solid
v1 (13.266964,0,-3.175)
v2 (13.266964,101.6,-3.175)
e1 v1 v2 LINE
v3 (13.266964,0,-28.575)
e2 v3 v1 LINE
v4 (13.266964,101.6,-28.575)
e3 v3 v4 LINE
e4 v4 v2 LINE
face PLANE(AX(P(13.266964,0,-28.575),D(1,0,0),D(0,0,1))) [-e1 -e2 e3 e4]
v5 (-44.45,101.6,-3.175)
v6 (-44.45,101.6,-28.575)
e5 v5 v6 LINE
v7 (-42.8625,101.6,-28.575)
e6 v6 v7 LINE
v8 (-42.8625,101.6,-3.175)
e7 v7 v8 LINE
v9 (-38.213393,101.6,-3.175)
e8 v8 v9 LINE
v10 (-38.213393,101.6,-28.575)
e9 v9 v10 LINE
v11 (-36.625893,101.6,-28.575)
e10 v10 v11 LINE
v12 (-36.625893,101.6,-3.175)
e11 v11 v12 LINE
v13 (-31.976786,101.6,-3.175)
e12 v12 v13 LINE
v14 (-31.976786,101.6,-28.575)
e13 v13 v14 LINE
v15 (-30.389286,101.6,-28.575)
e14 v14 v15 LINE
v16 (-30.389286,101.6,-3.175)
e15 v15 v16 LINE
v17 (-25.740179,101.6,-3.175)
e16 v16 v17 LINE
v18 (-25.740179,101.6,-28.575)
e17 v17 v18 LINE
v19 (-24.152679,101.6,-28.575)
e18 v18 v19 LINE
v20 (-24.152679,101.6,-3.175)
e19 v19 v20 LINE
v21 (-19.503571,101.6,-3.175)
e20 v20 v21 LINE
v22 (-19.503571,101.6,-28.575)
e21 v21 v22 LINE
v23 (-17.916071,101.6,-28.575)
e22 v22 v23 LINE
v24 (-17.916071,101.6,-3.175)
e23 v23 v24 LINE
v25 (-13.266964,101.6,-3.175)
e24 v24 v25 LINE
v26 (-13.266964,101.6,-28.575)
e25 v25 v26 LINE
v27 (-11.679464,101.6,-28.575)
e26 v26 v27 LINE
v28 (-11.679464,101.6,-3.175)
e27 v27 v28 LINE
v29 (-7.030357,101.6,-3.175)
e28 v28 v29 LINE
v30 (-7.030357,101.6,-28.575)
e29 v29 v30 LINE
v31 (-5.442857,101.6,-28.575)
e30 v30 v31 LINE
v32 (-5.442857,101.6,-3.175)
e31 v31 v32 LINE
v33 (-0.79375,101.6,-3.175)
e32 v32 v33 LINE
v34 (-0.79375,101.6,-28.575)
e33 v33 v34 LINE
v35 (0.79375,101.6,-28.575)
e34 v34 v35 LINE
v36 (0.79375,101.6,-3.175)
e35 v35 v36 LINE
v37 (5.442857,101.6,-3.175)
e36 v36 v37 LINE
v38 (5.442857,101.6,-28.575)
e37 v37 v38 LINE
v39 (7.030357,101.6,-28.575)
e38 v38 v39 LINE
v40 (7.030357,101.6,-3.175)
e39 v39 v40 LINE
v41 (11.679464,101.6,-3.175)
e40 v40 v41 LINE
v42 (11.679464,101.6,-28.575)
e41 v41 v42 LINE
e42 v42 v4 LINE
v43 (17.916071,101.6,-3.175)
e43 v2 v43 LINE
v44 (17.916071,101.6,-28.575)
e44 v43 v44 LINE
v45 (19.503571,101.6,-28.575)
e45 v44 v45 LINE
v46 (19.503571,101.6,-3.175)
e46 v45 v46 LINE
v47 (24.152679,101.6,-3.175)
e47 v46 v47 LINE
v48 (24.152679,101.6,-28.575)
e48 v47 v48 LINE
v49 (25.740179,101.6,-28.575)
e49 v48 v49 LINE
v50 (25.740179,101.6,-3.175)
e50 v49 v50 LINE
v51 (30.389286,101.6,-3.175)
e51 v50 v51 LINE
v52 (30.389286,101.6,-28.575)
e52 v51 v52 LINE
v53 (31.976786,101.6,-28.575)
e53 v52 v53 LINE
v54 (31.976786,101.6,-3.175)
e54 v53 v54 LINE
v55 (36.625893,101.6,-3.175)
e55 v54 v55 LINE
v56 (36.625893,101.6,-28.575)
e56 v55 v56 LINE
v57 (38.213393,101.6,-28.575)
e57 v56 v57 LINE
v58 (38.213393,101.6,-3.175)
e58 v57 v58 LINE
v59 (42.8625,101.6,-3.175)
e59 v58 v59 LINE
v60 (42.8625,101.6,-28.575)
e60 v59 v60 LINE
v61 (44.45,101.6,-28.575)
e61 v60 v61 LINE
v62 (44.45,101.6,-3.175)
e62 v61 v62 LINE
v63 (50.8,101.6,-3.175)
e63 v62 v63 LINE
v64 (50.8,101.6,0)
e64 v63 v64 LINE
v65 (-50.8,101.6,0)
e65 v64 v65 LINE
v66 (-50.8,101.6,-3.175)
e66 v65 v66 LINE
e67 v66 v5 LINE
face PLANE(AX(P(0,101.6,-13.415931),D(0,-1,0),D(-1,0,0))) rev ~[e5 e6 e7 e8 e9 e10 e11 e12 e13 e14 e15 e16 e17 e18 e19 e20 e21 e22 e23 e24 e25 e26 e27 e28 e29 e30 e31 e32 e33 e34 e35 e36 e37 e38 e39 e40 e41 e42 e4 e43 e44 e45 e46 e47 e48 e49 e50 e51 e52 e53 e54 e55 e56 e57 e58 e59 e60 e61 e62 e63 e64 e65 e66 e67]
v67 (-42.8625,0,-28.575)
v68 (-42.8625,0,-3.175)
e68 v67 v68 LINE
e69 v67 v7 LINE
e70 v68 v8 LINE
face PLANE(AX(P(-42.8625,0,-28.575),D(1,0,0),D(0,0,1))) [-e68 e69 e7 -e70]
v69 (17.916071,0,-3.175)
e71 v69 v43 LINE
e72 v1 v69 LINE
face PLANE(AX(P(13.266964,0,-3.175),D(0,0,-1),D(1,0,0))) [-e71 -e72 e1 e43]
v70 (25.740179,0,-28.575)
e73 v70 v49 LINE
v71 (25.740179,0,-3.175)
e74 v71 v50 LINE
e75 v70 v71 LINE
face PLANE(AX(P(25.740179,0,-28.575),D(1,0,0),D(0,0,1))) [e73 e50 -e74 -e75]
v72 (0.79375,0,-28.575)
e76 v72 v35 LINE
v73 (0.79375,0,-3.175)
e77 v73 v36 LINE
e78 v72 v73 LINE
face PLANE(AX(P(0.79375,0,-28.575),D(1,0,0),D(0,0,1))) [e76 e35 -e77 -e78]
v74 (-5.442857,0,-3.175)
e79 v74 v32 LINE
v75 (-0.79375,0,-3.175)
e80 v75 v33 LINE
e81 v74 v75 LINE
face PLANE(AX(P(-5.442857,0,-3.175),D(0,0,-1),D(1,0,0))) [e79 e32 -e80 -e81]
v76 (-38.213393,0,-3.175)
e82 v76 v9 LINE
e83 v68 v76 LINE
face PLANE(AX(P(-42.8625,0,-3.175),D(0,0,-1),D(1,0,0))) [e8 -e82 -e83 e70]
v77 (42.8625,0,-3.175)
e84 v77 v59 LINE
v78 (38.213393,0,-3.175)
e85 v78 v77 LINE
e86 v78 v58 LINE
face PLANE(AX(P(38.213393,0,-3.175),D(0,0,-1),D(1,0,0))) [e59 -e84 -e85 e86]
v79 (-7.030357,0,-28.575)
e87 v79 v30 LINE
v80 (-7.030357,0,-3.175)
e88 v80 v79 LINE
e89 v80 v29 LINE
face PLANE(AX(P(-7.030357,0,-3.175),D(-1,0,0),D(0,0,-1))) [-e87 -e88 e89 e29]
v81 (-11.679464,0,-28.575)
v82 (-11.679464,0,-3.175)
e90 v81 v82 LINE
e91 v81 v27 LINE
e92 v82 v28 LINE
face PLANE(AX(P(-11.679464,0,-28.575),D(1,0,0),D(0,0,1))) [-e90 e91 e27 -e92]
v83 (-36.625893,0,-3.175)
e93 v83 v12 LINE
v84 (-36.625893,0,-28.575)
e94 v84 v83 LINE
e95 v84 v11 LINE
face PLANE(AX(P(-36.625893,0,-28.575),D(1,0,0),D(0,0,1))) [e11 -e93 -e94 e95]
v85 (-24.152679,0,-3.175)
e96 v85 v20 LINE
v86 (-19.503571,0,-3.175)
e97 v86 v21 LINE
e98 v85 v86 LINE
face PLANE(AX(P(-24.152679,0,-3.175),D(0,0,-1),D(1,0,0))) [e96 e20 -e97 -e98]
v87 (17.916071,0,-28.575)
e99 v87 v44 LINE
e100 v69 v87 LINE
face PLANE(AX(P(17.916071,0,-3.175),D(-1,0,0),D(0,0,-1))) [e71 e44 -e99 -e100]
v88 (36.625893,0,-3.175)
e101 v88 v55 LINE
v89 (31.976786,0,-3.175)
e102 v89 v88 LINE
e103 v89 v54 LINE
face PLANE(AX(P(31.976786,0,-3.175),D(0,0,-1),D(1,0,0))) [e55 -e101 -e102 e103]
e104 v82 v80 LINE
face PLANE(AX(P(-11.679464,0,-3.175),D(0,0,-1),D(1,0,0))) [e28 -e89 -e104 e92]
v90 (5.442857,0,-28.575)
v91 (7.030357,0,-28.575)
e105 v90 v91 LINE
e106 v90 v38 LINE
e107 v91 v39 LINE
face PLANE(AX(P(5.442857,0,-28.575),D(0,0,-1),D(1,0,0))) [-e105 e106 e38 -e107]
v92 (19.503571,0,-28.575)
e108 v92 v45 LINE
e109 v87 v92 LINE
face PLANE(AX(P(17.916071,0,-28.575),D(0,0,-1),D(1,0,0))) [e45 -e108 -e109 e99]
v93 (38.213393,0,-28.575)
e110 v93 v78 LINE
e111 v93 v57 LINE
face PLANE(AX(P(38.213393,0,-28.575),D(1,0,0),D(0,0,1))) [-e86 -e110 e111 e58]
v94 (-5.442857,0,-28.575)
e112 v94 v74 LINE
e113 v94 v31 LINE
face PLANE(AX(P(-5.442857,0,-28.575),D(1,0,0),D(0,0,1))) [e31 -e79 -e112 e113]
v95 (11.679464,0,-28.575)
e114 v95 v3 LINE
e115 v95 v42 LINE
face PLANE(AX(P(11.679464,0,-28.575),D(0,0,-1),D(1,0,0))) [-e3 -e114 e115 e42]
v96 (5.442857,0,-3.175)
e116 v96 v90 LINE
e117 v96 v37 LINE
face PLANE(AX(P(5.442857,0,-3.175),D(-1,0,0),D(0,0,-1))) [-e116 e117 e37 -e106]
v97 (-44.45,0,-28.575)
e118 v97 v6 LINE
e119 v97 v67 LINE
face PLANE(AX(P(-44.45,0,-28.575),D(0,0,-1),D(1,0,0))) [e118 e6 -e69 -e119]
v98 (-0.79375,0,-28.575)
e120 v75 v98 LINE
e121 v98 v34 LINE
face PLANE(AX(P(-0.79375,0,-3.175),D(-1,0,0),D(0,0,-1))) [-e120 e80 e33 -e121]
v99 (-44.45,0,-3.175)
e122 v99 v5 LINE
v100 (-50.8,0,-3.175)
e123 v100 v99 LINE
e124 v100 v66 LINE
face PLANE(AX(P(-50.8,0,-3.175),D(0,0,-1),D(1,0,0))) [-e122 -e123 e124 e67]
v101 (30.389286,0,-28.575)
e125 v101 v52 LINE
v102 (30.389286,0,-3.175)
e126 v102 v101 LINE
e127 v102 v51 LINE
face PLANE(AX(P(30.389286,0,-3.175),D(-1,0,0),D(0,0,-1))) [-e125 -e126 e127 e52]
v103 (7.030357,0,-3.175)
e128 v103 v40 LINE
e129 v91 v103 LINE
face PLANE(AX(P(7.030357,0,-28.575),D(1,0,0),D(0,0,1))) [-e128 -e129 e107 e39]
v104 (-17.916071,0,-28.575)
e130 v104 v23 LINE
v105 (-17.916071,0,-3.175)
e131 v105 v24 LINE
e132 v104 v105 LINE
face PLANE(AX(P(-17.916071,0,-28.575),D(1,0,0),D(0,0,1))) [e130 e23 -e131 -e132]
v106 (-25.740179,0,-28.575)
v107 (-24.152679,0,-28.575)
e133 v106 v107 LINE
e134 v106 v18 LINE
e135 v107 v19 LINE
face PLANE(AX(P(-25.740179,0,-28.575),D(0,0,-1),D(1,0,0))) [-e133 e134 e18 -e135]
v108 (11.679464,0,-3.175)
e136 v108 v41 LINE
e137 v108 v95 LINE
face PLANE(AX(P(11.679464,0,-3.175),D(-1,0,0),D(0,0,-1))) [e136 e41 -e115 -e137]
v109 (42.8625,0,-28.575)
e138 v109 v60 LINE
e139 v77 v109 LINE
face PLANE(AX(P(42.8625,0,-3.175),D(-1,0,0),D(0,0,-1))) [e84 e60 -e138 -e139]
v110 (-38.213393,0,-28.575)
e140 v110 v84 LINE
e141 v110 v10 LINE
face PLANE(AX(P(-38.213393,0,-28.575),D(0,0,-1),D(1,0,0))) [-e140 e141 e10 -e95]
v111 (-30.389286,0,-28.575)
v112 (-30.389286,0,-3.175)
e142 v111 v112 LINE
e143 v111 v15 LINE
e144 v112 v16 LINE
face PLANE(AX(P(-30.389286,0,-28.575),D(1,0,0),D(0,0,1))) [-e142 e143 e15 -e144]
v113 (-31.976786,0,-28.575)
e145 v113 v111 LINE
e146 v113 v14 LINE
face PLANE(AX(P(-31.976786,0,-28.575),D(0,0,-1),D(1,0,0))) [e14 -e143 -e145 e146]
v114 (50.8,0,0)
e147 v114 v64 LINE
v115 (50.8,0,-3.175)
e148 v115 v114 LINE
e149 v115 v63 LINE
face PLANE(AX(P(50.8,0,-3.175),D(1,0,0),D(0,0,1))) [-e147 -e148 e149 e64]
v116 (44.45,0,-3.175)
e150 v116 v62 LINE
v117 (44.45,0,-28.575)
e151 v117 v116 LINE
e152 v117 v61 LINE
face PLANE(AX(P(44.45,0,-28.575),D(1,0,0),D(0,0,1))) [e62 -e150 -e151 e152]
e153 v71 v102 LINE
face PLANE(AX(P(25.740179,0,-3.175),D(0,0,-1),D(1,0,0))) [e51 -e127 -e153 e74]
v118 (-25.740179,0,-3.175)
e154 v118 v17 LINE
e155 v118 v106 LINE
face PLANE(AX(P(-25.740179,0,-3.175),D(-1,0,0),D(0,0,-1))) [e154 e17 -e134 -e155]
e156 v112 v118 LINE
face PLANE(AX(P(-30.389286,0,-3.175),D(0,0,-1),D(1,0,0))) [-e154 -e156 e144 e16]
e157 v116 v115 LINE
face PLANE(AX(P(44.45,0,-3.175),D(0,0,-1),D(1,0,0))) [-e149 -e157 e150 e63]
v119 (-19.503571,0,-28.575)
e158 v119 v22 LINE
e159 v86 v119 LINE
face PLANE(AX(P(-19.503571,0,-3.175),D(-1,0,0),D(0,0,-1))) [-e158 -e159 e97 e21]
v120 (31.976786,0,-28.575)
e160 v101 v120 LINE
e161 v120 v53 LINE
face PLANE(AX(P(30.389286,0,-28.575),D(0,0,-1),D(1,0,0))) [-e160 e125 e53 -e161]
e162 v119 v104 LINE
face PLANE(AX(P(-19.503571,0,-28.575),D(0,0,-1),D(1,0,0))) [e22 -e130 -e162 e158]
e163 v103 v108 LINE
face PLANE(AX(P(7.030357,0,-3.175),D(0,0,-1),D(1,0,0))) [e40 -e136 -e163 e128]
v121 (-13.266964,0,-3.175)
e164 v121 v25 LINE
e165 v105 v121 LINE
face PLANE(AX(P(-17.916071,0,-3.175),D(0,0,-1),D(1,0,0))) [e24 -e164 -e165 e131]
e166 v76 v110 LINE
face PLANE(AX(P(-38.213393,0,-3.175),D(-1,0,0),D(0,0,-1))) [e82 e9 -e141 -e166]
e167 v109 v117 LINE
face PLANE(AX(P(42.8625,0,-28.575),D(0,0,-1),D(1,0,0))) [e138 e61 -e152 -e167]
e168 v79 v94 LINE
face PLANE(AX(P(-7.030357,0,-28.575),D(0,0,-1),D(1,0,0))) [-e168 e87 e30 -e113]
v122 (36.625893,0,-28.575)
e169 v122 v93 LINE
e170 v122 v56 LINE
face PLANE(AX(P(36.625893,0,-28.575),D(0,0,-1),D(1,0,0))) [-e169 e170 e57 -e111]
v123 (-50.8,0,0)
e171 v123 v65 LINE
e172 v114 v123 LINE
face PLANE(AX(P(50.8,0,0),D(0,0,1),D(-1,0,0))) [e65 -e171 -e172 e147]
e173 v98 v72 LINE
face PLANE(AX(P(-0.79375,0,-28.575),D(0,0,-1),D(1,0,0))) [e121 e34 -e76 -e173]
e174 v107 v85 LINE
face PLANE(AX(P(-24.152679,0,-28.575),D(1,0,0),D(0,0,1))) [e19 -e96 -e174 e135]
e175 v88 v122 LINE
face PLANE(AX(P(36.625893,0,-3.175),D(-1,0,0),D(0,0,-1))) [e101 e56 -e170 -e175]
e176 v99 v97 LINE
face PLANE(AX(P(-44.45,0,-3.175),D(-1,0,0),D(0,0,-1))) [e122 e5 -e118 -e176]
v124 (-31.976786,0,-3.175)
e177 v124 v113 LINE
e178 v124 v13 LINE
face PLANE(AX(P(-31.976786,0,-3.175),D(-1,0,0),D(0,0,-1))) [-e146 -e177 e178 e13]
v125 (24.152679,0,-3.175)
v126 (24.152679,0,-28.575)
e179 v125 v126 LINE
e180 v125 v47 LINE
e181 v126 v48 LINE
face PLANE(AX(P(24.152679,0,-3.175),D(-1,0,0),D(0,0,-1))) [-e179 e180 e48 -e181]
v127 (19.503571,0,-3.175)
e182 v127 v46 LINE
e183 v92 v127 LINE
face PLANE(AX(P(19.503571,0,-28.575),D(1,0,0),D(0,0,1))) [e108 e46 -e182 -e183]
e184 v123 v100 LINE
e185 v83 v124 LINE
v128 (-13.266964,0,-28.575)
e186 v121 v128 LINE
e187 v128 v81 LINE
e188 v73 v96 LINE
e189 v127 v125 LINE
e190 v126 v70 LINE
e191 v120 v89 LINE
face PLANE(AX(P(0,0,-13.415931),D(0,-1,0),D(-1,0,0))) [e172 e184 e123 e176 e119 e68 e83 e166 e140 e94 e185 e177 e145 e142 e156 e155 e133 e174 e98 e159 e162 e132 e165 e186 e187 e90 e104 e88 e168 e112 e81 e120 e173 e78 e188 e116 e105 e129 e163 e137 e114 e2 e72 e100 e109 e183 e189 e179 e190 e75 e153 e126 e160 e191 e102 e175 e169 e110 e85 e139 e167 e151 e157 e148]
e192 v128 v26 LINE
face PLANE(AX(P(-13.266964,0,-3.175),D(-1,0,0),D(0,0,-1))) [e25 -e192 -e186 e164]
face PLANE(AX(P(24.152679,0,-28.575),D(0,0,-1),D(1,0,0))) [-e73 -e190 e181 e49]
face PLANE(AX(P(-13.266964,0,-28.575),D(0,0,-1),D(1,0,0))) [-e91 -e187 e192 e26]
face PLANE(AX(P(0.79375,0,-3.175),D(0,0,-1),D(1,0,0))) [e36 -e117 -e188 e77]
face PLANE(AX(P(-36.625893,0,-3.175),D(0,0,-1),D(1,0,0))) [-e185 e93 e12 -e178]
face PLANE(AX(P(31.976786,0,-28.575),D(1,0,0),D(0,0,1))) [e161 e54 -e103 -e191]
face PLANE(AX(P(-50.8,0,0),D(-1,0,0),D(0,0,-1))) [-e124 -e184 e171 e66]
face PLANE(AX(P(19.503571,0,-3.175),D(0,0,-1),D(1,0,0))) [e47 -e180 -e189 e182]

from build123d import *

# Parameters (mm, degrees)
BOSS_EXTRUDE1_DEPTH = 101.6


with BuildPart() as part:
    # Sketch1 → Boss-Extrude1 (new body)
    with BuildSketch(Plane(origin=(0, 0, 0), x_dir=(1, 0, 0), z_dir=(0, 1, 0))):
        Polygon((-38.213392857, 3.175), (-38.213392857, 28.575), (-36.625892857, 28.575), (-36.625892857, 3.175), (-31.976785714, 3.175), (-31.976785714, 28.575), (-30.389285714, 28.575), (-30.389285714, 3.175), (-25.740178571, 3.175), (-25.740178571, 28.575), (-24.152678571, 28.575), (-24.152678571, 3.175), (-19.503571429, 3.175), (-19.503571429, 28.575), (-17.916071429, 28.575), (-17.916071429, 3.175), (-13.266964286, 3.175), (-13.266964286, 28.575), (-11.679464286, 28.575), (-11.679464286, 3.175), (-7.030357143, 3.175), (-7.030357143, 28.575), (-5.442857143, 28.575), (-5.442857143, 3.175), (-0.79375, 3.175), (-0.79375, 28.575), (0.79375, 28.575), (0.79375, 3.175), (5.442857143, 3.175), (5.442857143, 28.575), (7.030357143, 28.575), (7.030357143, 3.175), (11.679464286, 3.175), (11.679464286, 28.575), (13.266964286, 28.575), (13.266964286, 3.175), (17.916071429, 3.175), (17.916071429, 28.575), (19.503571429, 28.575), (19.503571429, 3.175), (24.152678571, 3.175), (24.152678571, 28.575), (25.740178571, 28.575), (25.740178571, 3.175), (30.389285714, 3.175), (30.389285714, 28.575), (31.976785714, 28.575), (31.976785714, 3.175), (36.625892857, 3.175), (36.625892857, 28.575), (38.213392857, 28.575), (38.213392857, 3.175), (42.8625, 3.175), (42.8625, 28.575), (44.45, 28.575), (44.45, 3.175), (50.8, 3.175), (50.8, 0), (-50.8, 0), (-50.8, 3.175), (-44.45, 3.175), (-44.45, 28.575), (-42.8625, 28.575), (-42.8625, 3.175), align=None)
    extrude(amount=BOSS_EXTRUDE1_DEPTH)


solid = part.part
